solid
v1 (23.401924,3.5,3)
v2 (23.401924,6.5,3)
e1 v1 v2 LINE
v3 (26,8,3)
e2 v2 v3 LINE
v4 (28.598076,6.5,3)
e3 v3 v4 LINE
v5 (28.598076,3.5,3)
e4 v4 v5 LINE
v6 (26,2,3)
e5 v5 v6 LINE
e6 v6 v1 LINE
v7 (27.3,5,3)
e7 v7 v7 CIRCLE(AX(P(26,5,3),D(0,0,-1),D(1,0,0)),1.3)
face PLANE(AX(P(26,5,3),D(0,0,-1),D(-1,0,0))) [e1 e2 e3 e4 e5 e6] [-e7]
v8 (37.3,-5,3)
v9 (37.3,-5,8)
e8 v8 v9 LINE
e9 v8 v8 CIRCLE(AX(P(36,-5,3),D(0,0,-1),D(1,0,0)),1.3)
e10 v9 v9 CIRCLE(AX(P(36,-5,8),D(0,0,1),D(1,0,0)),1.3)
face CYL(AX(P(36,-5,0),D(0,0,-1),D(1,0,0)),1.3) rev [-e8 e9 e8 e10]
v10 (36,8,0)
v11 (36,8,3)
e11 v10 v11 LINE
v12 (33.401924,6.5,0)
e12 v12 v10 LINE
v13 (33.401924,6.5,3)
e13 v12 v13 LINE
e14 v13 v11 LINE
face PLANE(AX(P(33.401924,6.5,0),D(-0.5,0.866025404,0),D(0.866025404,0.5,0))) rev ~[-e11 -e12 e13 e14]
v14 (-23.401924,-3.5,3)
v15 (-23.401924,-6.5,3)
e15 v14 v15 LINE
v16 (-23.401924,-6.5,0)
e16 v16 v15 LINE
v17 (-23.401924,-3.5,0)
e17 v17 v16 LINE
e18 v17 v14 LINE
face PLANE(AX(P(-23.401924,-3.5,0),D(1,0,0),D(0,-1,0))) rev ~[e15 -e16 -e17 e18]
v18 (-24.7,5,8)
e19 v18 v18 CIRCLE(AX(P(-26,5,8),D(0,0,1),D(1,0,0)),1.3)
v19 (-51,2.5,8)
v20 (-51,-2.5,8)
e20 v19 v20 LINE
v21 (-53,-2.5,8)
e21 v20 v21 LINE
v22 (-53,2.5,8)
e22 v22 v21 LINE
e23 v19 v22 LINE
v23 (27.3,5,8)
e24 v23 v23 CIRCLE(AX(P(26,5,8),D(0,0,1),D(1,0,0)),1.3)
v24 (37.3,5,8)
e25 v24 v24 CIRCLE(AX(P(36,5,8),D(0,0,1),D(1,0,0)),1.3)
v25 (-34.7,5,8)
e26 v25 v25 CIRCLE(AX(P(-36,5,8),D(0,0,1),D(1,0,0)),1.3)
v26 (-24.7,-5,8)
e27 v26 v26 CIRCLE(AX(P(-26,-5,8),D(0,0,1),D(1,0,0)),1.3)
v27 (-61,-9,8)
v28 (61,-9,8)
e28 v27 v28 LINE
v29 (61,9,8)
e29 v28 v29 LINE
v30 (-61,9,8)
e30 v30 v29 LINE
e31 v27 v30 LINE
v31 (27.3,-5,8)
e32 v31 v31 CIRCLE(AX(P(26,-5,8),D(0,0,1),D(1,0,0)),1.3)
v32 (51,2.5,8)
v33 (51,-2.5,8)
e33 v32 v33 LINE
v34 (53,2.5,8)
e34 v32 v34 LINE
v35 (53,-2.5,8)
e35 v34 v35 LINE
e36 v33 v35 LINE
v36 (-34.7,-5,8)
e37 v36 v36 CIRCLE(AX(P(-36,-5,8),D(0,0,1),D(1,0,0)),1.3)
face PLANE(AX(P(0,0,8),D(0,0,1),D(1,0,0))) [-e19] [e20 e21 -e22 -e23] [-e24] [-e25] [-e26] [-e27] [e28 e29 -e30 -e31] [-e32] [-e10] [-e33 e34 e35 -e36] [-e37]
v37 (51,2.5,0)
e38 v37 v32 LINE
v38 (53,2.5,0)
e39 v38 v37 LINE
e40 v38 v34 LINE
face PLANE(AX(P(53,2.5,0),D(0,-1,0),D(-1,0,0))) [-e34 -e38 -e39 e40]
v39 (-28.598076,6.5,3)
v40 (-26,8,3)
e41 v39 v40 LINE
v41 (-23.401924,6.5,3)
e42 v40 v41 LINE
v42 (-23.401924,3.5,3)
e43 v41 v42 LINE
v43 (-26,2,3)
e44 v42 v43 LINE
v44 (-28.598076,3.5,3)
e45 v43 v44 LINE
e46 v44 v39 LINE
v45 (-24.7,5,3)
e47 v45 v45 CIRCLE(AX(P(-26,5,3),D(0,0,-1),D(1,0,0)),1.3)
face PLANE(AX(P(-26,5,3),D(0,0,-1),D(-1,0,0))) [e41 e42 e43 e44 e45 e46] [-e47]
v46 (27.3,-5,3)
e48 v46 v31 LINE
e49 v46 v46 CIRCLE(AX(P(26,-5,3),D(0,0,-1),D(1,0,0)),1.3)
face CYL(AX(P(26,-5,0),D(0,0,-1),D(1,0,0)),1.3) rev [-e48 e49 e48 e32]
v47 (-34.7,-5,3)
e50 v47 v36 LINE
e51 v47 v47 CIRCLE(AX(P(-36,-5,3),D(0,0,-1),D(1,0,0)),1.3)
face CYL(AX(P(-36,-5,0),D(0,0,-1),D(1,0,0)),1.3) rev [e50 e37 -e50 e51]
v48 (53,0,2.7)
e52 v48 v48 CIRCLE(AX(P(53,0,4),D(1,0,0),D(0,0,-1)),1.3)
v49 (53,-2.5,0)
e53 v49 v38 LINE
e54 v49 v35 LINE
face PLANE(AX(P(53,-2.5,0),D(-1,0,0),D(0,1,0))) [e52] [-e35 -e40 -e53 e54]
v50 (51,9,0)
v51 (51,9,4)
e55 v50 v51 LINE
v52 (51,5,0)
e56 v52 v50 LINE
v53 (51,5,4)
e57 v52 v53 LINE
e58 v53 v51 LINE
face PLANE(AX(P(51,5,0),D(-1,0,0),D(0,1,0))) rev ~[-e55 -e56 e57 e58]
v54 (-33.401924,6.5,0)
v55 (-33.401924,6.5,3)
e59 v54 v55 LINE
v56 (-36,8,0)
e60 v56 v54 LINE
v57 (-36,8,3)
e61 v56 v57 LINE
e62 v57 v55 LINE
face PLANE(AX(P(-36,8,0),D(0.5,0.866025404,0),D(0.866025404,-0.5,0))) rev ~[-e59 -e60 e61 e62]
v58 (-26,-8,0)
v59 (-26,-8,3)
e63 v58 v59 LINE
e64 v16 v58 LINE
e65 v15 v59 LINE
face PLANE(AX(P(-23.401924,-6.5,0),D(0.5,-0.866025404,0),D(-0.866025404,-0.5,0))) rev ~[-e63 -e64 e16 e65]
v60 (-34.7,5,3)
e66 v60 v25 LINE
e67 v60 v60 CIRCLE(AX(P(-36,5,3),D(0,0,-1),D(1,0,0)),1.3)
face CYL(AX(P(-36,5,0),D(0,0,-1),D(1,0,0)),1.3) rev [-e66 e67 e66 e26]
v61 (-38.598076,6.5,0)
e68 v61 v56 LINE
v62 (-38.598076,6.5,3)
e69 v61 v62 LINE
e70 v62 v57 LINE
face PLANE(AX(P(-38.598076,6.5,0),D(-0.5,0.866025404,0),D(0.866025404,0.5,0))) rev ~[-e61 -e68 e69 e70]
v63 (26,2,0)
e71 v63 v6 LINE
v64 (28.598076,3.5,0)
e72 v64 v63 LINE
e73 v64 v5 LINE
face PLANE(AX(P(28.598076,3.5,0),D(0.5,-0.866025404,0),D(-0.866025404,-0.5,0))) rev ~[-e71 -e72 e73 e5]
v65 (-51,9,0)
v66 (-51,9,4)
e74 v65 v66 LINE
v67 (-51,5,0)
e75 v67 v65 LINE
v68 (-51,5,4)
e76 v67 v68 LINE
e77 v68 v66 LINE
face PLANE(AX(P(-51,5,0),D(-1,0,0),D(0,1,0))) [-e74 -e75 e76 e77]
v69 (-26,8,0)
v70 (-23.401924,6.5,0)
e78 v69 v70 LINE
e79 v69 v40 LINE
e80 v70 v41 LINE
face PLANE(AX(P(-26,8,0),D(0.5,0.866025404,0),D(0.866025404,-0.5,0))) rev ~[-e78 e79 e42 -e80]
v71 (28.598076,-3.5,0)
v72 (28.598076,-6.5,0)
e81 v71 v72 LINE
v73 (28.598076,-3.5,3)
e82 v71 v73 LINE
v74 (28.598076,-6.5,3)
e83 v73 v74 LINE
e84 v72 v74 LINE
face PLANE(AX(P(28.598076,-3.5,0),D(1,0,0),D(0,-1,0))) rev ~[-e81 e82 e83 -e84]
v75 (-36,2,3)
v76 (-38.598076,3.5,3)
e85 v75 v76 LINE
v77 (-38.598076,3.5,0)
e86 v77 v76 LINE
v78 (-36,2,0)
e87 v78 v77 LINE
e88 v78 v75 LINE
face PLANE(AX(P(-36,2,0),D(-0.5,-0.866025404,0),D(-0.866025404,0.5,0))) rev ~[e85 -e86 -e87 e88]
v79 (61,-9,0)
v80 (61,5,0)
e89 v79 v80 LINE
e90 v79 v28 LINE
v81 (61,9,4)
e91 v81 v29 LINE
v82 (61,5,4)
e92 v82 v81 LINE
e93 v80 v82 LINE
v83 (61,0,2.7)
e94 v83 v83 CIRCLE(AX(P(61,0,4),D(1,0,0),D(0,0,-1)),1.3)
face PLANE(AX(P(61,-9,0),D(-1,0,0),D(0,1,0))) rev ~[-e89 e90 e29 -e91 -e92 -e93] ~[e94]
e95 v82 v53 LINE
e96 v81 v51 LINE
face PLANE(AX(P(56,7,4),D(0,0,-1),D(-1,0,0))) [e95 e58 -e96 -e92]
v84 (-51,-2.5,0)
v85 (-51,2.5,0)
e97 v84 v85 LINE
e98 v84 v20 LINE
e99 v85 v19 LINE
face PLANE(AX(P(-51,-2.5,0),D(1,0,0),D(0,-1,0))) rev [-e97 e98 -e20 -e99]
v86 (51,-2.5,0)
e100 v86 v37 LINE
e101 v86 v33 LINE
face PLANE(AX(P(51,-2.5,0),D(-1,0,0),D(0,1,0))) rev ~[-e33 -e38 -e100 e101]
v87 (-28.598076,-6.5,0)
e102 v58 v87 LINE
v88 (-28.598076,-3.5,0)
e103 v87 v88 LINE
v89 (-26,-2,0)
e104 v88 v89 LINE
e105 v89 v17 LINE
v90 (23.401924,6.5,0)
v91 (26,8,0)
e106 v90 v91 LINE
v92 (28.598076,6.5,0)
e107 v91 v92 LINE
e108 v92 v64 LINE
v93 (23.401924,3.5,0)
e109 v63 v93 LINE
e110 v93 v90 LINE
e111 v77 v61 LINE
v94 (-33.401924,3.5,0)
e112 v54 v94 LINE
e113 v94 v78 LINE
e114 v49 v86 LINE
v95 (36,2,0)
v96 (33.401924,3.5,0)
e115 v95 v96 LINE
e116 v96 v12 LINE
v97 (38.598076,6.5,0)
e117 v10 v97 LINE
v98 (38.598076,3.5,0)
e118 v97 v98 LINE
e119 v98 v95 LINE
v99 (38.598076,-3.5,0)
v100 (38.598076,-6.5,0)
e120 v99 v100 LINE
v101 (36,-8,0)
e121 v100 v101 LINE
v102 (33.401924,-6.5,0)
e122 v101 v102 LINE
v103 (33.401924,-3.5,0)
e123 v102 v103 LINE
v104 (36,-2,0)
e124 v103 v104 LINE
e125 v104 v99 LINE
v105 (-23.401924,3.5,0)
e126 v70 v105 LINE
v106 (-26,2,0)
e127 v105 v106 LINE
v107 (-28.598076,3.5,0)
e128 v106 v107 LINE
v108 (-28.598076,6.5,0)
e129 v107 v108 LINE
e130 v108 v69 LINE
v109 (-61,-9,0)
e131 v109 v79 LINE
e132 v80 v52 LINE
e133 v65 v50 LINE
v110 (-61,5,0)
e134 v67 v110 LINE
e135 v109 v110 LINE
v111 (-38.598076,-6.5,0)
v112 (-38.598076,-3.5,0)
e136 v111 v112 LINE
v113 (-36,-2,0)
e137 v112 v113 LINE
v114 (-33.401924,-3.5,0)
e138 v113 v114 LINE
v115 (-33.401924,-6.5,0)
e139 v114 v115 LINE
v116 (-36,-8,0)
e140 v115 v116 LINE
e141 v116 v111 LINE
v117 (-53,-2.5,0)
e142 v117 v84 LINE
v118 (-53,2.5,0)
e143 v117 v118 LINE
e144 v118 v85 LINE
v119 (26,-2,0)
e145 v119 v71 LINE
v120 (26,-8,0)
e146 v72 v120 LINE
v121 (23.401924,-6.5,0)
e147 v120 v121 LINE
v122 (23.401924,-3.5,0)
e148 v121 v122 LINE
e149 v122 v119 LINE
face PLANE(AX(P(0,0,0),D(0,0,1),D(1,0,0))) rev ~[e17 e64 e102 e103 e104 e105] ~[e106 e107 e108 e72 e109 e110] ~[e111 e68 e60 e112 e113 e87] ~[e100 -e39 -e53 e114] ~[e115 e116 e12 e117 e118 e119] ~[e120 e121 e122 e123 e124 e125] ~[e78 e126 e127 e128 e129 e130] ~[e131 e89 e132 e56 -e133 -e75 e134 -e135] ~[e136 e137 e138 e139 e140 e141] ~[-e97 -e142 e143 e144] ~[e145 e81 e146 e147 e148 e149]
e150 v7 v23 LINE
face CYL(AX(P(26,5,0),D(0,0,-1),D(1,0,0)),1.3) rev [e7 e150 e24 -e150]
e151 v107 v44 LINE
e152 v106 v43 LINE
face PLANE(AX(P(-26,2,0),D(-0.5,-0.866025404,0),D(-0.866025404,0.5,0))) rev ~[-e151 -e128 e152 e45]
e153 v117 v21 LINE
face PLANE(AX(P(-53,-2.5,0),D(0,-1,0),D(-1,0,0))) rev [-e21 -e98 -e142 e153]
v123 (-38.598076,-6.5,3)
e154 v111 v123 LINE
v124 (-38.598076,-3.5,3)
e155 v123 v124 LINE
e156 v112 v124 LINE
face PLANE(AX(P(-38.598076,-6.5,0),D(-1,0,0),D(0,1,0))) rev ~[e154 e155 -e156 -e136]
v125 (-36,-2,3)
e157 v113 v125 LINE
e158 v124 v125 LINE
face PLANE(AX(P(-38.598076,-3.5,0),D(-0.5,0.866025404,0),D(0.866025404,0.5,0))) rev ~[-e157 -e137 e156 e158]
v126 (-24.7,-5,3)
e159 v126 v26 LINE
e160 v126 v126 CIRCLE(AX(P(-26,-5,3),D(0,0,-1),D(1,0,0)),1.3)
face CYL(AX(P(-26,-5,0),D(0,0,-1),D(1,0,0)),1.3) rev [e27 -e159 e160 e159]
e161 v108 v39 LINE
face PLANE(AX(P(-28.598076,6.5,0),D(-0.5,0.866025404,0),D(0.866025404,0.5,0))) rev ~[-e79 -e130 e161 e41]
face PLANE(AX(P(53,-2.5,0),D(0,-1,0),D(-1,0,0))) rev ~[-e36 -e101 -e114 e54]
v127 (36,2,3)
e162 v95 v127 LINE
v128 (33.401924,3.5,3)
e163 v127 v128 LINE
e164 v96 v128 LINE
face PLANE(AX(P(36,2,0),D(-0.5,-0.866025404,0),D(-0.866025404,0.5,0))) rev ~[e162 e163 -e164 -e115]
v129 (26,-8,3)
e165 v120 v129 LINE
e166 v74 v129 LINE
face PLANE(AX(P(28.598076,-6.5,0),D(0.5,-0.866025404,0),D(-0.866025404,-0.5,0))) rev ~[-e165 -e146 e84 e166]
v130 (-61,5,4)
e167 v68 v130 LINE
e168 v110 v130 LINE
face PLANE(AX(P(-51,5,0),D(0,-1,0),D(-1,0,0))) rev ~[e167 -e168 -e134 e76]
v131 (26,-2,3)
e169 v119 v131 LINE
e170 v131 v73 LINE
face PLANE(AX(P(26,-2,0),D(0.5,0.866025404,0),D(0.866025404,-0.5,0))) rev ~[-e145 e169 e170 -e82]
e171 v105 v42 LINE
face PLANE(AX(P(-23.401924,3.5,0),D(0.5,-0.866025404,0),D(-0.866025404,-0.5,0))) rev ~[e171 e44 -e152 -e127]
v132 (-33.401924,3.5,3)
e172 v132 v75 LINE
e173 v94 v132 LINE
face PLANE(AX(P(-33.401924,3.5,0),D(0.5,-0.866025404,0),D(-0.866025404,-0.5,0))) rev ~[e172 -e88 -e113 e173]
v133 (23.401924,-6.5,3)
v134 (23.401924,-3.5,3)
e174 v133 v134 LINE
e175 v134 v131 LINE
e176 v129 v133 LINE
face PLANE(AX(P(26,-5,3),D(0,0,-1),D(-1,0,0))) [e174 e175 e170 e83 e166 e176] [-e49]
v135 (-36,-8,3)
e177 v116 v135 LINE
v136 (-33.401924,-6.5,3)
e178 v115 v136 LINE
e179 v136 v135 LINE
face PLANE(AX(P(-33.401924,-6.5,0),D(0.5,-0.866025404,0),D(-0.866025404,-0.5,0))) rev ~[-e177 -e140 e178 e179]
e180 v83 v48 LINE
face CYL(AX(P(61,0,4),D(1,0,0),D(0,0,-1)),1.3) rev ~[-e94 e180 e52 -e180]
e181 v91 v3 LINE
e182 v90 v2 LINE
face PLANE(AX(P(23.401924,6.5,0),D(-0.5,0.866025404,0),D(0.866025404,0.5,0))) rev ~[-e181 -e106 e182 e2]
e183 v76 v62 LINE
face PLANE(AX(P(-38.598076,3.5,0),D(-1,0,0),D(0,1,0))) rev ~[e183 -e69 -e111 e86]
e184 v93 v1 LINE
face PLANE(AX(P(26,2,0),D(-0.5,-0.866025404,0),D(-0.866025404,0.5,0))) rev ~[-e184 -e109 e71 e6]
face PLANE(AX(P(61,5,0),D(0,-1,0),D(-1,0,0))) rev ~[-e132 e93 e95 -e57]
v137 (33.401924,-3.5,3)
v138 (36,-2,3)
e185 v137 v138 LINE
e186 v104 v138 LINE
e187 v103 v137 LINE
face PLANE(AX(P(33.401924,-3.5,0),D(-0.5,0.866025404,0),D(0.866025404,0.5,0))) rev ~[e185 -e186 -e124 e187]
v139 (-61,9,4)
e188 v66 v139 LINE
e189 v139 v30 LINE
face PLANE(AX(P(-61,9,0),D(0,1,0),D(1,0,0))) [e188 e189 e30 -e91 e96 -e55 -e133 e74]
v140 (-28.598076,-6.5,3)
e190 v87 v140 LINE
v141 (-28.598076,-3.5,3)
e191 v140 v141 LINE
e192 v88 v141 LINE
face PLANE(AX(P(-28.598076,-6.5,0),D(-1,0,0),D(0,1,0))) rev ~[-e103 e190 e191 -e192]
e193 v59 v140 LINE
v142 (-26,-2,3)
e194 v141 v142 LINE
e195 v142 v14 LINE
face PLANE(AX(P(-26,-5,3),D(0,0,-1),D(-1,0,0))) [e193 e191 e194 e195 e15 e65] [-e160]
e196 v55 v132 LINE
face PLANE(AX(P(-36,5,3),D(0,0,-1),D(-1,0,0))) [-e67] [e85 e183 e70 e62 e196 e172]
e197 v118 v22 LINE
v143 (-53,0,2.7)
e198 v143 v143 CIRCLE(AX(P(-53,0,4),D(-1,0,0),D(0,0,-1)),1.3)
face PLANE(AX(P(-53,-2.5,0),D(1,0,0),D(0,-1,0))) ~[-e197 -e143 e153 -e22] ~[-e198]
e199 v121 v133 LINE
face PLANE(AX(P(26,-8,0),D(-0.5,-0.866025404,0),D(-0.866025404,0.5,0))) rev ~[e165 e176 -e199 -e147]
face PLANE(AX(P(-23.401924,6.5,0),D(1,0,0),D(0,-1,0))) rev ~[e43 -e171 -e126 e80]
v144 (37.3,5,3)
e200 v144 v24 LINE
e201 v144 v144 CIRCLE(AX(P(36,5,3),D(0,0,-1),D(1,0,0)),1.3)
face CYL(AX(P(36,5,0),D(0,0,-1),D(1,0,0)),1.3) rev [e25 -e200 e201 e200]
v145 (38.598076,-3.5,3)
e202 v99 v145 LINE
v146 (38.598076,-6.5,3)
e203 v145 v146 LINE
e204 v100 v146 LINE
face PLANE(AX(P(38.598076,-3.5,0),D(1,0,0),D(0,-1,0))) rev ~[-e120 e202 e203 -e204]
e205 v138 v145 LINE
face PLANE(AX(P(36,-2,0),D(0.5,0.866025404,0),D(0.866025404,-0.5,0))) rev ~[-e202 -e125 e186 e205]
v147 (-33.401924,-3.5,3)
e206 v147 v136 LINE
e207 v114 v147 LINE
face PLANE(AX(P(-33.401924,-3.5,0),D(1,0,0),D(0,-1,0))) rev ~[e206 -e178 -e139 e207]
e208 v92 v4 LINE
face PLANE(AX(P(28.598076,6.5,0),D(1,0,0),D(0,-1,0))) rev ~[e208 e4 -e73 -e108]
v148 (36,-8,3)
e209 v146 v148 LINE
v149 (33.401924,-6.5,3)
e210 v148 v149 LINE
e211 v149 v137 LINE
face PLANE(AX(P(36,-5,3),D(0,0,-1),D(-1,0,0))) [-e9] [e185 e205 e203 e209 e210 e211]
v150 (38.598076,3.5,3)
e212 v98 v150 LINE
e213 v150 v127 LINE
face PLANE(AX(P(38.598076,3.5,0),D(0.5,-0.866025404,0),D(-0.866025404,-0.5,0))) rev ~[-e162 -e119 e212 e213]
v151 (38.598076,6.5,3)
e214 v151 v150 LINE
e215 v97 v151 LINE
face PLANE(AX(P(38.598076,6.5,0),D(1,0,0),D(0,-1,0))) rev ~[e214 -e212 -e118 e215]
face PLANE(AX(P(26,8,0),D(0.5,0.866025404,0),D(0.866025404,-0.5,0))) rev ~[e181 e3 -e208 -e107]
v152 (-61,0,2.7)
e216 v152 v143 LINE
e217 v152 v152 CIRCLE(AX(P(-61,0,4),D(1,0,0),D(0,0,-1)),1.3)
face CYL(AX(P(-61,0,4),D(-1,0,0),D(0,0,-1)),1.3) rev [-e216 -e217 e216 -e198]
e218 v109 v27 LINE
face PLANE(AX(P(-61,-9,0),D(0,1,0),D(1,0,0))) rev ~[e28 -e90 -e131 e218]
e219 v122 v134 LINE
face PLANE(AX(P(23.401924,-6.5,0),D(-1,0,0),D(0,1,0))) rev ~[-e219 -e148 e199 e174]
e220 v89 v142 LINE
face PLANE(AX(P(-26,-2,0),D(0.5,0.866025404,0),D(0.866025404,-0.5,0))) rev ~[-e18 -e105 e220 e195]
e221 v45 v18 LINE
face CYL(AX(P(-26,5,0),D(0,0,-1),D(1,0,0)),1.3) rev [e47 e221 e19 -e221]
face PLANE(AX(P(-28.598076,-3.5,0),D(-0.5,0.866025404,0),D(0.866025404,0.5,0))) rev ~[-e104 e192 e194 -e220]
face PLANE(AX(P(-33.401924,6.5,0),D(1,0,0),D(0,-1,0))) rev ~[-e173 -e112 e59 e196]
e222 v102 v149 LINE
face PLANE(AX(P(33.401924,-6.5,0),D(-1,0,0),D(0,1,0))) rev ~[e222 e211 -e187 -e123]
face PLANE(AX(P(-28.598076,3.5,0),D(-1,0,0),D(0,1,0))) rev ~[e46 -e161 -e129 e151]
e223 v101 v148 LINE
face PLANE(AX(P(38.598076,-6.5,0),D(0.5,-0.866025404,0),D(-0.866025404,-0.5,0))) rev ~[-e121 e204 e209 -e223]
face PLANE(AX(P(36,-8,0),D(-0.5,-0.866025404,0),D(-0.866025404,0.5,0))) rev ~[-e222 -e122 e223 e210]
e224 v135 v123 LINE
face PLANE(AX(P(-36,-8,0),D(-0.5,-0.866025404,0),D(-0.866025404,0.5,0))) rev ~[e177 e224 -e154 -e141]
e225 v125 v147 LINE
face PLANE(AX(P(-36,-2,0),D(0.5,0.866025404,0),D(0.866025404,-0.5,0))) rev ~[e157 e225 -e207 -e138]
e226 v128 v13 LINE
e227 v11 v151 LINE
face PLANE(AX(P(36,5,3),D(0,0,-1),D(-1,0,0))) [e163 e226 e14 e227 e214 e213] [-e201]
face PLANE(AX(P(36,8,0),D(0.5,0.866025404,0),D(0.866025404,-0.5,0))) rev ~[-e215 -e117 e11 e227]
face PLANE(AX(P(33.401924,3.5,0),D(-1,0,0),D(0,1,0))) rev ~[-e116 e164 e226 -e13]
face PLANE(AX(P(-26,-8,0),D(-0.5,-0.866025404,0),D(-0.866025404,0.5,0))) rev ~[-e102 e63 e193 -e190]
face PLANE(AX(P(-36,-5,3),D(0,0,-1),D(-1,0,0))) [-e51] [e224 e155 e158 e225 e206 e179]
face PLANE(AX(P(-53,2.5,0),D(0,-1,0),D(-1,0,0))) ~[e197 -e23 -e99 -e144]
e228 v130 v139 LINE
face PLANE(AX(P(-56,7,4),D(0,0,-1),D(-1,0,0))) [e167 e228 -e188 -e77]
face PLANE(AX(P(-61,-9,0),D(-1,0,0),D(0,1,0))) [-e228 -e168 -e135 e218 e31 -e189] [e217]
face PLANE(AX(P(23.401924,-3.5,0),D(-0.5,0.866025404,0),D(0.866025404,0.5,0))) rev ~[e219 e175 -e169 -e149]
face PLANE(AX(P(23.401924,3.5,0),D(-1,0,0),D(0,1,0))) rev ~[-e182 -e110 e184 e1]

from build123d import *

# Parameters (mm, degrees)
SKETCH1_W           = 122
SKETCH1_H           = 18
SKETCH1_R           = 1.3
BOSS_EXTRUDE1_DEPTH = 8
CUT_EXTRUDE1_DEPTH  = 3
SKETCH3_W           = 10
SKETCH3_H           = 4
CUT_EXTRUDE2_DEPTH  = 4
SKETCH4_R           = 1.3
CUT_EXTRUDE3_DEPTH  = 10
SKETCH5_W           = 2
SKETCH5_H           = 5
CUT_EXTRUDE4_DEPTH  = 10


with BuildPart() as part:
    # Sketch1 → Boss-Extrude1 (new body)
    with BuildSketch(Plane.XY):
        Rectangle(SKETCH1_W, SKETCH1_H)
        with Locations((-26, 5)):
            Circle(SKETCH1_R, mode=Mode.SUBTRACT)
        with Locations((-36, 5)):
            Circle(SKETCH1_R, mode=Mode.SUBTRACT)
        with Locations((-26, -5)):
            Circle(SKETCH1_R, mode=Mode.SUBTRACT)
        with Locations((-36, -5)):
            Circle(SKETCH1_R, mode=Mode.SUBTRACT)
        with Locations((26, -5)):
            Circle(SKETCH1_R, mode=Mode.SUBTRACT)
        with Locations((36, -5)):
            Circle(SKETCH1_R, mode=Mode.SUBTRACT)
        with Locations((36, 5)):
            Circle(SKETCH1_R, mode=Mode.SUBTRACT)
        with Locations((26, 5)):
            Circle(SKETCH1_R, mode=Mode.SUBTRACT)
    extrude(amount=BOSS_EXTRUDE1_DEPTH)

    # Sketch2 → Cut-Extrude1 (cut)
    with BuildSketch(Plane(origin=(0, 0, 0), x_dir=(-1, 0, 0), z_dir=(0, 0, -1))):
        Polygon((-36, 2), (-33.401923789, 3.5), (-33.401923789, 6.5), (-36, 8), (-38.598076211, 6.5), (-38.598076211, 3.5), align=None)
        Polygon((-26, 2), (-23.401923789, 3.5), (-23.401923789, 6.5), (-26, 8), (-28.598076211, 6.5), (-28.598076211, 3.5), align=None)
        Polygon((-26, -8), (-23.401923789, -6.5), (-23.401923789, -3.5), (-26, -2), (-28.598076211, -3.5), (-28.598076211, -6.5), align=None)
        Polygon((-36, -8), (-33.401923789, -6.5), (-33.401923789, -3.5), (-36, -2), (-38.598076211, -3.5), (-38.598076211, -6.5), align=None)
        Polygon((26, 2), (28.598076211, 3.5), (28.598076211, 6.5), (26, 8), (23.401923789, 6.5), (23.401923789, 3.5), align=None)
        Polygon((26, -8), (28.598076211, -6.5), (28.598076211, -3.5), (26, -2), (23.401923789, -3.5), (23.401923789, -6.5), align=None)
        Polygon((36, -8), (38.598076211, -6.5), (38.598076211, -3.5), (36, -2), (33.401923789, -3.5), (33.401923789, -6.5), align=None)
        Polygon((36, 2), (38.598076211, 3.5), (38.598076211, 6.5), (36, 8), (33.401923789, 6.5), (33.401923789, 3.5), align=None)
    extrude(amount=-CUT_EXTRUDE1_DEPTH, mode=Mode.SUBTRACT)

    # Sketch3 → Cut-Extrude2 (cut)
    with BuildSketch(Plane(origin=(0, 0, 0), x_dir=(-1, 0, 0), z_dir=(0, 0, -1))):
        with Locations((-56, 7)):
            Rectangle(SKETCH3_W, SKETCH3_H)
        with Locations((56, 7)):
            Rectangle(SKETCH3_W, SKETCH3_H)
    extrude(amount=-CUT_EXTRUDE2_DEPTH, mode=Mode.SUBTRACT)

    # Sketch4 → Cut-Extrude3 (cut)
    with BuildSketch(Plane(origin=(61, 0, 0), x_dir=(0, 0, -1), z_dir=(1, 0, 0))):
        with Locations((-4, 0)):
            Circle(SKETCH4_R)
    cut_extrude3 = extrude(amount=-CUT_EXTRUDE3_DEPTH, mode=Mode.SUBTRACT)

    # Sketch5 → Cut-Extrude4 (cut)
    with BuildSketch(Plane(origin=(0, 0, 0), x_dir=(-1, 0, 0), z_dir=(0, 0, -1))):
        with Locations((-52, 0)):
            Rectangle(SKETCH5_W, SKETCH5_H)
    cut_extrude4 = extrude(amount=-CUT_EXTRUDE4_DEPTH, mode=Mode.SUBTRACT)

    # Mirror1: Cut-Extrude3, Cut-Extrude4 across plane
    add(cut_extrude3.mirror(Plane(origin=(0, 0, 0), x_dir=(0, 0, 1), z_dir=(1, 0, 0))), mode=Mode.SUBTRACT)
    add(cut_extrude4.mirror(Plane(origin=(0, 0, 0), x_dir=(0, 0, 1), z_dir=(1, 0, 0))), mode=Mode.SUBTRACT)


solid = part.part
